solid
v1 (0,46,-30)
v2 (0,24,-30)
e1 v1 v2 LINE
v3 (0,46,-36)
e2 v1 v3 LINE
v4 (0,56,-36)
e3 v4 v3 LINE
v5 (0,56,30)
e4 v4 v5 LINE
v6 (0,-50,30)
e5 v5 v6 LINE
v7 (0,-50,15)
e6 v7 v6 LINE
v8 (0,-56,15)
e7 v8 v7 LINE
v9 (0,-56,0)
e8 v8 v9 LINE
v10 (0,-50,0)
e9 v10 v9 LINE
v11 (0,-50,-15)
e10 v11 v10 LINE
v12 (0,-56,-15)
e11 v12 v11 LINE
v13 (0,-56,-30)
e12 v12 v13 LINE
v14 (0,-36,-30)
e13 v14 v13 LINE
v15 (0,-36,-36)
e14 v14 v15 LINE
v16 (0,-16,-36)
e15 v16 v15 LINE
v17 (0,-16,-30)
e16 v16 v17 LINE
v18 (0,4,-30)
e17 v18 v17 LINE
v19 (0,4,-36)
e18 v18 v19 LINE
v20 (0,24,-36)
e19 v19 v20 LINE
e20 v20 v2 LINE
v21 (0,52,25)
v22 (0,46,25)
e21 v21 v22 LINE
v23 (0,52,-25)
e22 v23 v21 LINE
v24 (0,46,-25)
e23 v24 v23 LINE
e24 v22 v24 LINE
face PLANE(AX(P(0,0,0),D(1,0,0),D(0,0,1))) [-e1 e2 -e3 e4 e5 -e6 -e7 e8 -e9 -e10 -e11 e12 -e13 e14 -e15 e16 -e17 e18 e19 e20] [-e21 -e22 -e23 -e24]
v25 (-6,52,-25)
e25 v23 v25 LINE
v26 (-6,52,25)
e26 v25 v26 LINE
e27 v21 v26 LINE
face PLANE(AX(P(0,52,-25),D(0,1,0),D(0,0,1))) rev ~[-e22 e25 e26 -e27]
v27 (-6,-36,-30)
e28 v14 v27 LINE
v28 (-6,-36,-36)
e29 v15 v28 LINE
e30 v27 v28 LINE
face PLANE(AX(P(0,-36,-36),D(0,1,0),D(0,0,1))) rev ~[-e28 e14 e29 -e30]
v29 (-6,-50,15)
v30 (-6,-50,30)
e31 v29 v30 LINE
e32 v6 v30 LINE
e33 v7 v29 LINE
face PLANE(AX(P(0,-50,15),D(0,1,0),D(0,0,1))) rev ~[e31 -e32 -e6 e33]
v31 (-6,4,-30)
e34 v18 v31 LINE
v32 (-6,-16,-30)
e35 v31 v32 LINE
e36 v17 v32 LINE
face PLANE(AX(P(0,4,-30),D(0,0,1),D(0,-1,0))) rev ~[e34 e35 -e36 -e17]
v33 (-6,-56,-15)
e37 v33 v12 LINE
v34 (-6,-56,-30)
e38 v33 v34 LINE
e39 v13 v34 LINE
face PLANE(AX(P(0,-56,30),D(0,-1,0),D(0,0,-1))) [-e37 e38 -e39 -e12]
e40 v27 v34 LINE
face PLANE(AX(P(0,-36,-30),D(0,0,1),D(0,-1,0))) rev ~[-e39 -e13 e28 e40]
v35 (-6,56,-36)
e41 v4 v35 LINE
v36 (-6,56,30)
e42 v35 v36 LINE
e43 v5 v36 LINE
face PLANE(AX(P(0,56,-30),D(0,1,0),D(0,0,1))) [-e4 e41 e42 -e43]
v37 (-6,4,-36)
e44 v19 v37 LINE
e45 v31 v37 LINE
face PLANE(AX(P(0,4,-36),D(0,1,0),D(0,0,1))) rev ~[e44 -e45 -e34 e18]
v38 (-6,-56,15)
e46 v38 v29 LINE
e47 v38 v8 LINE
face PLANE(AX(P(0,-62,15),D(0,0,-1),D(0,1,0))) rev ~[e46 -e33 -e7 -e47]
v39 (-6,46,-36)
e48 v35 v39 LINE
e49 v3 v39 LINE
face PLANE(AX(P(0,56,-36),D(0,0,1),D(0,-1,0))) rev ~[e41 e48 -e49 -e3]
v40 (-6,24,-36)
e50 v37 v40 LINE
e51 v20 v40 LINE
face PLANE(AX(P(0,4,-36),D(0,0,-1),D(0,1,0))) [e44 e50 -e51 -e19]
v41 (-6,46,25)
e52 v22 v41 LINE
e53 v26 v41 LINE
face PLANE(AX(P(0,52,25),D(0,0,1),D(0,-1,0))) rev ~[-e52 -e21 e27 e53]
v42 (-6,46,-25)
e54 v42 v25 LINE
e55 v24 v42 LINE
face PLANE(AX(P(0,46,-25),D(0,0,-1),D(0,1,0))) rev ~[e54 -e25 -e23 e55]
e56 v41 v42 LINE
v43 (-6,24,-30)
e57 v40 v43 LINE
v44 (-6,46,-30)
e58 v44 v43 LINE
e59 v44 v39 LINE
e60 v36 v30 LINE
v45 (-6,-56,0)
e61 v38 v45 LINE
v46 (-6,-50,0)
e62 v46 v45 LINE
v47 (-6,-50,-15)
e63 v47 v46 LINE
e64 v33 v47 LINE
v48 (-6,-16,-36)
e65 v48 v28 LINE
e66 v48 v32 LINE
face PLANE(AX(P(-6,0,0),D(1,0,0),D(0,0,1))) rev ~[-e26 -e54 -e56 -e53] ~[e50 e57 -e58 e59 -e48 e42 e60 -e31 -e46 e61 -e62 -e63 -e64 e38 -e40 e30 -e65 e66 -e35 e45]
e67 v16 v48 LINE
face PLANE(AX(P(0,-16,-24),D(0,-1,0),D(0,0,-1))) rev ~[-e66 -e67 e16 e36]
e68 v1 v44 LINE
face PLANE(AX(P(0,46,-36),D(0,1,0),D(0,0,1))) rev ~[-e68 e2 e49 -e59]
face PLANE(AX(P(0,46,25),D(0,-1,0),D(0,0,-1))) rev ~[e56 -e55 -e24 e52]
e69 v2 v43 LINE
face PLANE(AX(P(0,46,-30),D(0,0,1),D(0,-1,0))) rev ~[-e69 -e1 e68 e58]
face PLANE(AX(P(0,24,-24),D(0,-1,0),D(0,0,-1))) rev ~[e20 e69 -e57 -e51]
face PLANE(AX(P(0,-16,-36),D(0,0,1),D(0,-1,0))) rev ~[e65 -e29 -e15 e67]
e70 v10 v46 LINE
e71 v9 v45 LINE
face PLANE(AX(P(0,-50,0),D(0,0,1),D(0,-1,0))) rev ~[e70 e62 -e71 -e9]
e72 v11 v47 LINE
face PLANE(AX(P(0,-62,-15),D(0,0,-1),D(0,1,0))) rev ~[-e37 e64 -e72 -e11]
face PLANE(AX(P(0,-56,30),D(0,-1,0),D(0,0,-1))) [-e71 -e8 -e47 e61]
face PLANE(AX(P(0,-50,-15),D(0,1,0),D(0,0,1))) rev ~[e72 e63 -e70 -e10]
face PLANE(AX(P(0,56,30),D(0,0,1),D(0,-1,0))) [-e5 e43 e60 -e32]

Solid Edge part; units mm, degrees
sketch "Sketch1" plane through (0, 0, 0) normal (1, 0, 0) x (0, 1, 0)
  line L0 (-56, -30) -> (56, -30)
  line L1 (56, -30) -> (56, 30)
  line L2 (56, 30) -> (-56, 30)
  line L3 (-56, 30) -> (-56, -30)
  dimension "D1" = 112
  dimension "D2" = 60
extrude "Protrusion1" add sketch "Sketch1" against normal blind 6
sketch "Sketch2" plane through (0, 0, 0) normal (1, 0, 0) x (0, 1, 0)
  line L0 (-62, 15) -> (-50, 15)
  line L1 (-50, 15) -> (-50, 30)
  line L2 (-50, 30) -> (-62, 30)
  line L3 (-62, 30) -> (-62, 15)
  dimension "D1" = 12
  dimension "D2" = 15
  dimension "D3" = 6
extrude "Cutout1" cut sketch "Sketch2" against normal through all
sketch "Sketch3" plane through (0, 0, 0) normal (1, 0, 0) x (0, 1, 0)
  line L0 (-62, -15) -> (-50, -15)
  line L1 (-50, -15) -> (-50, 0)
  line L2 (-50, 0) -> (-62, 0)
  line L3 (-62, 0) -> (-62, -15)
  dimension "D1" = 12
  dimension "D2" = 15
extrude "Cutout2" cut sketch "Sketch3" against normal through all
sketch "Sketch4" plane through (0, 0, 0) normal (1, 0, 0) x (0, 1, 0)
  line L0 (-76, -36) -> (-36, -36)
  line L1 (-36, -36) -> (-36, -24)
  line L2 (-36, -24) -> (-76, -24)
  line L3 (-76, -24) -> (-76, -36)
  dimension "D1" = 40
  dimension "D2" = 12
extrude "Cutout3" cut sketch "Sketch4" against normal through all
sketch "Sketch5" plane through (0, 0, 0) normal (1, 0, 0) x (0, 1, 0)
  line L0 (-16, -36) -> (4, -36)
  line L1 (4, -36) -> (4, -24)
  line L2 (4, -24) -> (-16, -24)
  line L3 (-16, -24) -> (-16, -36)
  dimension "D1" = 12
  dimension "D2" = 20
  dimension "D3" = 20
extrude "Cutout4" cut sketch "Sketch5" against normal through all
sketch "Sketch6" plane through (0, 0, 0) normal (1, 0, 0) x (0, 1, 0)
  line L0 (24, -36) -> (46, -36)
  line L1 (46, -36) -> (46, -24)
  line L2 (46, -24) -> (24, -24)
  line L3 (24, -24) -> (24, -36)
  dimension "D1" = 22
  dimension "D2" = 12
  dimension "D3" = 20
extrude "Cutout5" cut sketch "Sketch6" against normal through all
sketch "Sketch7" plane through (0, 0, 0) normal (1, 0, 0) x (0, 1, 0)
  line L0 (-16, -36) -> (-36, -36)
  line L1 (-36, -36) -> (-36, -24)
  line L2 (-36, -24) -> (-16, -24)
  line L3 (-16, -24) -> (-16, -36)
extrude "Protrusion2" add sketch "Sketch7" against normal blind 6
sketch "Sketch8" plane through (0, 0, -3) normal (1, 0, 0) x (0, 1, 0)
  line L0 (4, -33) -> (24, -33)
  line L1 (24, -33) -> (24, -21)
  line L2 (24, -21) -> (4, -21)
  line L3 (4, -21) -> (4, -33)
extrude "ExtrudedProtrusion_3" add sketch "Sketch8" against normal blind 6
sketch "Sketch9" plane through (0, 0, -3) normal (1, 0, 0) x (0, 1, 0)
  line L0 (56, -33) -> (46, -33)
  line L1 (46, -33) -> (46, -21)
  line L2 (46, -21) -> (56, -21)
  line L3 (56, -21) -> (56, -33)
extrude "ExtrudedProtrusion_4" add sketch "Sketch9" against normal blind 6
sketch "Sketch10" plane through (0, 0, -3) normal (1, 0, 0) x (0, 1, 0)
  line L0 (-56, -15) -> (-36, -15)
  line L1 (-36, -15) -> (-36, -27)
  line L2 (-36, -27) -> (-56, -27)
  line L3 (-56, -27) -> (-56, -15)
  line L4 (-16, -15) -> (4, -15)
  line L5 (4, -15) -> (4, -27)
  line L6 (4, -27) -> (-16, -27)
  line L7 (-16, -27) -> (-16, -15)
  line L8 (24, -15) -> (46, -15)
  line L9 (46, -15) -> (46, -27)
  line L10 (46, -27) -> (24, -27)
  line L11 (24, -27) -> (24, -15)
extrude "ExtrudedProtrusion_5" add sketch "Sketch10" against normal blind 6
sketch "Sketch11" plane through (0, 0, -3) normal (1, 0, 0) x (0, 1, 0)
  line L0 (46, -22) -> (52, -22)
  line L1 (52, -22) -> (52, 28)
  line L2 (52, 28) -> (46, 28)
  line L3 (46, 28) -> (46, -22)
  dimension "D1" = 6
  dimension "D2" = 50
  dimension "D3" = 4
  dimension "D4" = 5
extrude "Cutout6" cut sketch "Sketch11" against normal through all
properties material "Wood, Mahogany"
